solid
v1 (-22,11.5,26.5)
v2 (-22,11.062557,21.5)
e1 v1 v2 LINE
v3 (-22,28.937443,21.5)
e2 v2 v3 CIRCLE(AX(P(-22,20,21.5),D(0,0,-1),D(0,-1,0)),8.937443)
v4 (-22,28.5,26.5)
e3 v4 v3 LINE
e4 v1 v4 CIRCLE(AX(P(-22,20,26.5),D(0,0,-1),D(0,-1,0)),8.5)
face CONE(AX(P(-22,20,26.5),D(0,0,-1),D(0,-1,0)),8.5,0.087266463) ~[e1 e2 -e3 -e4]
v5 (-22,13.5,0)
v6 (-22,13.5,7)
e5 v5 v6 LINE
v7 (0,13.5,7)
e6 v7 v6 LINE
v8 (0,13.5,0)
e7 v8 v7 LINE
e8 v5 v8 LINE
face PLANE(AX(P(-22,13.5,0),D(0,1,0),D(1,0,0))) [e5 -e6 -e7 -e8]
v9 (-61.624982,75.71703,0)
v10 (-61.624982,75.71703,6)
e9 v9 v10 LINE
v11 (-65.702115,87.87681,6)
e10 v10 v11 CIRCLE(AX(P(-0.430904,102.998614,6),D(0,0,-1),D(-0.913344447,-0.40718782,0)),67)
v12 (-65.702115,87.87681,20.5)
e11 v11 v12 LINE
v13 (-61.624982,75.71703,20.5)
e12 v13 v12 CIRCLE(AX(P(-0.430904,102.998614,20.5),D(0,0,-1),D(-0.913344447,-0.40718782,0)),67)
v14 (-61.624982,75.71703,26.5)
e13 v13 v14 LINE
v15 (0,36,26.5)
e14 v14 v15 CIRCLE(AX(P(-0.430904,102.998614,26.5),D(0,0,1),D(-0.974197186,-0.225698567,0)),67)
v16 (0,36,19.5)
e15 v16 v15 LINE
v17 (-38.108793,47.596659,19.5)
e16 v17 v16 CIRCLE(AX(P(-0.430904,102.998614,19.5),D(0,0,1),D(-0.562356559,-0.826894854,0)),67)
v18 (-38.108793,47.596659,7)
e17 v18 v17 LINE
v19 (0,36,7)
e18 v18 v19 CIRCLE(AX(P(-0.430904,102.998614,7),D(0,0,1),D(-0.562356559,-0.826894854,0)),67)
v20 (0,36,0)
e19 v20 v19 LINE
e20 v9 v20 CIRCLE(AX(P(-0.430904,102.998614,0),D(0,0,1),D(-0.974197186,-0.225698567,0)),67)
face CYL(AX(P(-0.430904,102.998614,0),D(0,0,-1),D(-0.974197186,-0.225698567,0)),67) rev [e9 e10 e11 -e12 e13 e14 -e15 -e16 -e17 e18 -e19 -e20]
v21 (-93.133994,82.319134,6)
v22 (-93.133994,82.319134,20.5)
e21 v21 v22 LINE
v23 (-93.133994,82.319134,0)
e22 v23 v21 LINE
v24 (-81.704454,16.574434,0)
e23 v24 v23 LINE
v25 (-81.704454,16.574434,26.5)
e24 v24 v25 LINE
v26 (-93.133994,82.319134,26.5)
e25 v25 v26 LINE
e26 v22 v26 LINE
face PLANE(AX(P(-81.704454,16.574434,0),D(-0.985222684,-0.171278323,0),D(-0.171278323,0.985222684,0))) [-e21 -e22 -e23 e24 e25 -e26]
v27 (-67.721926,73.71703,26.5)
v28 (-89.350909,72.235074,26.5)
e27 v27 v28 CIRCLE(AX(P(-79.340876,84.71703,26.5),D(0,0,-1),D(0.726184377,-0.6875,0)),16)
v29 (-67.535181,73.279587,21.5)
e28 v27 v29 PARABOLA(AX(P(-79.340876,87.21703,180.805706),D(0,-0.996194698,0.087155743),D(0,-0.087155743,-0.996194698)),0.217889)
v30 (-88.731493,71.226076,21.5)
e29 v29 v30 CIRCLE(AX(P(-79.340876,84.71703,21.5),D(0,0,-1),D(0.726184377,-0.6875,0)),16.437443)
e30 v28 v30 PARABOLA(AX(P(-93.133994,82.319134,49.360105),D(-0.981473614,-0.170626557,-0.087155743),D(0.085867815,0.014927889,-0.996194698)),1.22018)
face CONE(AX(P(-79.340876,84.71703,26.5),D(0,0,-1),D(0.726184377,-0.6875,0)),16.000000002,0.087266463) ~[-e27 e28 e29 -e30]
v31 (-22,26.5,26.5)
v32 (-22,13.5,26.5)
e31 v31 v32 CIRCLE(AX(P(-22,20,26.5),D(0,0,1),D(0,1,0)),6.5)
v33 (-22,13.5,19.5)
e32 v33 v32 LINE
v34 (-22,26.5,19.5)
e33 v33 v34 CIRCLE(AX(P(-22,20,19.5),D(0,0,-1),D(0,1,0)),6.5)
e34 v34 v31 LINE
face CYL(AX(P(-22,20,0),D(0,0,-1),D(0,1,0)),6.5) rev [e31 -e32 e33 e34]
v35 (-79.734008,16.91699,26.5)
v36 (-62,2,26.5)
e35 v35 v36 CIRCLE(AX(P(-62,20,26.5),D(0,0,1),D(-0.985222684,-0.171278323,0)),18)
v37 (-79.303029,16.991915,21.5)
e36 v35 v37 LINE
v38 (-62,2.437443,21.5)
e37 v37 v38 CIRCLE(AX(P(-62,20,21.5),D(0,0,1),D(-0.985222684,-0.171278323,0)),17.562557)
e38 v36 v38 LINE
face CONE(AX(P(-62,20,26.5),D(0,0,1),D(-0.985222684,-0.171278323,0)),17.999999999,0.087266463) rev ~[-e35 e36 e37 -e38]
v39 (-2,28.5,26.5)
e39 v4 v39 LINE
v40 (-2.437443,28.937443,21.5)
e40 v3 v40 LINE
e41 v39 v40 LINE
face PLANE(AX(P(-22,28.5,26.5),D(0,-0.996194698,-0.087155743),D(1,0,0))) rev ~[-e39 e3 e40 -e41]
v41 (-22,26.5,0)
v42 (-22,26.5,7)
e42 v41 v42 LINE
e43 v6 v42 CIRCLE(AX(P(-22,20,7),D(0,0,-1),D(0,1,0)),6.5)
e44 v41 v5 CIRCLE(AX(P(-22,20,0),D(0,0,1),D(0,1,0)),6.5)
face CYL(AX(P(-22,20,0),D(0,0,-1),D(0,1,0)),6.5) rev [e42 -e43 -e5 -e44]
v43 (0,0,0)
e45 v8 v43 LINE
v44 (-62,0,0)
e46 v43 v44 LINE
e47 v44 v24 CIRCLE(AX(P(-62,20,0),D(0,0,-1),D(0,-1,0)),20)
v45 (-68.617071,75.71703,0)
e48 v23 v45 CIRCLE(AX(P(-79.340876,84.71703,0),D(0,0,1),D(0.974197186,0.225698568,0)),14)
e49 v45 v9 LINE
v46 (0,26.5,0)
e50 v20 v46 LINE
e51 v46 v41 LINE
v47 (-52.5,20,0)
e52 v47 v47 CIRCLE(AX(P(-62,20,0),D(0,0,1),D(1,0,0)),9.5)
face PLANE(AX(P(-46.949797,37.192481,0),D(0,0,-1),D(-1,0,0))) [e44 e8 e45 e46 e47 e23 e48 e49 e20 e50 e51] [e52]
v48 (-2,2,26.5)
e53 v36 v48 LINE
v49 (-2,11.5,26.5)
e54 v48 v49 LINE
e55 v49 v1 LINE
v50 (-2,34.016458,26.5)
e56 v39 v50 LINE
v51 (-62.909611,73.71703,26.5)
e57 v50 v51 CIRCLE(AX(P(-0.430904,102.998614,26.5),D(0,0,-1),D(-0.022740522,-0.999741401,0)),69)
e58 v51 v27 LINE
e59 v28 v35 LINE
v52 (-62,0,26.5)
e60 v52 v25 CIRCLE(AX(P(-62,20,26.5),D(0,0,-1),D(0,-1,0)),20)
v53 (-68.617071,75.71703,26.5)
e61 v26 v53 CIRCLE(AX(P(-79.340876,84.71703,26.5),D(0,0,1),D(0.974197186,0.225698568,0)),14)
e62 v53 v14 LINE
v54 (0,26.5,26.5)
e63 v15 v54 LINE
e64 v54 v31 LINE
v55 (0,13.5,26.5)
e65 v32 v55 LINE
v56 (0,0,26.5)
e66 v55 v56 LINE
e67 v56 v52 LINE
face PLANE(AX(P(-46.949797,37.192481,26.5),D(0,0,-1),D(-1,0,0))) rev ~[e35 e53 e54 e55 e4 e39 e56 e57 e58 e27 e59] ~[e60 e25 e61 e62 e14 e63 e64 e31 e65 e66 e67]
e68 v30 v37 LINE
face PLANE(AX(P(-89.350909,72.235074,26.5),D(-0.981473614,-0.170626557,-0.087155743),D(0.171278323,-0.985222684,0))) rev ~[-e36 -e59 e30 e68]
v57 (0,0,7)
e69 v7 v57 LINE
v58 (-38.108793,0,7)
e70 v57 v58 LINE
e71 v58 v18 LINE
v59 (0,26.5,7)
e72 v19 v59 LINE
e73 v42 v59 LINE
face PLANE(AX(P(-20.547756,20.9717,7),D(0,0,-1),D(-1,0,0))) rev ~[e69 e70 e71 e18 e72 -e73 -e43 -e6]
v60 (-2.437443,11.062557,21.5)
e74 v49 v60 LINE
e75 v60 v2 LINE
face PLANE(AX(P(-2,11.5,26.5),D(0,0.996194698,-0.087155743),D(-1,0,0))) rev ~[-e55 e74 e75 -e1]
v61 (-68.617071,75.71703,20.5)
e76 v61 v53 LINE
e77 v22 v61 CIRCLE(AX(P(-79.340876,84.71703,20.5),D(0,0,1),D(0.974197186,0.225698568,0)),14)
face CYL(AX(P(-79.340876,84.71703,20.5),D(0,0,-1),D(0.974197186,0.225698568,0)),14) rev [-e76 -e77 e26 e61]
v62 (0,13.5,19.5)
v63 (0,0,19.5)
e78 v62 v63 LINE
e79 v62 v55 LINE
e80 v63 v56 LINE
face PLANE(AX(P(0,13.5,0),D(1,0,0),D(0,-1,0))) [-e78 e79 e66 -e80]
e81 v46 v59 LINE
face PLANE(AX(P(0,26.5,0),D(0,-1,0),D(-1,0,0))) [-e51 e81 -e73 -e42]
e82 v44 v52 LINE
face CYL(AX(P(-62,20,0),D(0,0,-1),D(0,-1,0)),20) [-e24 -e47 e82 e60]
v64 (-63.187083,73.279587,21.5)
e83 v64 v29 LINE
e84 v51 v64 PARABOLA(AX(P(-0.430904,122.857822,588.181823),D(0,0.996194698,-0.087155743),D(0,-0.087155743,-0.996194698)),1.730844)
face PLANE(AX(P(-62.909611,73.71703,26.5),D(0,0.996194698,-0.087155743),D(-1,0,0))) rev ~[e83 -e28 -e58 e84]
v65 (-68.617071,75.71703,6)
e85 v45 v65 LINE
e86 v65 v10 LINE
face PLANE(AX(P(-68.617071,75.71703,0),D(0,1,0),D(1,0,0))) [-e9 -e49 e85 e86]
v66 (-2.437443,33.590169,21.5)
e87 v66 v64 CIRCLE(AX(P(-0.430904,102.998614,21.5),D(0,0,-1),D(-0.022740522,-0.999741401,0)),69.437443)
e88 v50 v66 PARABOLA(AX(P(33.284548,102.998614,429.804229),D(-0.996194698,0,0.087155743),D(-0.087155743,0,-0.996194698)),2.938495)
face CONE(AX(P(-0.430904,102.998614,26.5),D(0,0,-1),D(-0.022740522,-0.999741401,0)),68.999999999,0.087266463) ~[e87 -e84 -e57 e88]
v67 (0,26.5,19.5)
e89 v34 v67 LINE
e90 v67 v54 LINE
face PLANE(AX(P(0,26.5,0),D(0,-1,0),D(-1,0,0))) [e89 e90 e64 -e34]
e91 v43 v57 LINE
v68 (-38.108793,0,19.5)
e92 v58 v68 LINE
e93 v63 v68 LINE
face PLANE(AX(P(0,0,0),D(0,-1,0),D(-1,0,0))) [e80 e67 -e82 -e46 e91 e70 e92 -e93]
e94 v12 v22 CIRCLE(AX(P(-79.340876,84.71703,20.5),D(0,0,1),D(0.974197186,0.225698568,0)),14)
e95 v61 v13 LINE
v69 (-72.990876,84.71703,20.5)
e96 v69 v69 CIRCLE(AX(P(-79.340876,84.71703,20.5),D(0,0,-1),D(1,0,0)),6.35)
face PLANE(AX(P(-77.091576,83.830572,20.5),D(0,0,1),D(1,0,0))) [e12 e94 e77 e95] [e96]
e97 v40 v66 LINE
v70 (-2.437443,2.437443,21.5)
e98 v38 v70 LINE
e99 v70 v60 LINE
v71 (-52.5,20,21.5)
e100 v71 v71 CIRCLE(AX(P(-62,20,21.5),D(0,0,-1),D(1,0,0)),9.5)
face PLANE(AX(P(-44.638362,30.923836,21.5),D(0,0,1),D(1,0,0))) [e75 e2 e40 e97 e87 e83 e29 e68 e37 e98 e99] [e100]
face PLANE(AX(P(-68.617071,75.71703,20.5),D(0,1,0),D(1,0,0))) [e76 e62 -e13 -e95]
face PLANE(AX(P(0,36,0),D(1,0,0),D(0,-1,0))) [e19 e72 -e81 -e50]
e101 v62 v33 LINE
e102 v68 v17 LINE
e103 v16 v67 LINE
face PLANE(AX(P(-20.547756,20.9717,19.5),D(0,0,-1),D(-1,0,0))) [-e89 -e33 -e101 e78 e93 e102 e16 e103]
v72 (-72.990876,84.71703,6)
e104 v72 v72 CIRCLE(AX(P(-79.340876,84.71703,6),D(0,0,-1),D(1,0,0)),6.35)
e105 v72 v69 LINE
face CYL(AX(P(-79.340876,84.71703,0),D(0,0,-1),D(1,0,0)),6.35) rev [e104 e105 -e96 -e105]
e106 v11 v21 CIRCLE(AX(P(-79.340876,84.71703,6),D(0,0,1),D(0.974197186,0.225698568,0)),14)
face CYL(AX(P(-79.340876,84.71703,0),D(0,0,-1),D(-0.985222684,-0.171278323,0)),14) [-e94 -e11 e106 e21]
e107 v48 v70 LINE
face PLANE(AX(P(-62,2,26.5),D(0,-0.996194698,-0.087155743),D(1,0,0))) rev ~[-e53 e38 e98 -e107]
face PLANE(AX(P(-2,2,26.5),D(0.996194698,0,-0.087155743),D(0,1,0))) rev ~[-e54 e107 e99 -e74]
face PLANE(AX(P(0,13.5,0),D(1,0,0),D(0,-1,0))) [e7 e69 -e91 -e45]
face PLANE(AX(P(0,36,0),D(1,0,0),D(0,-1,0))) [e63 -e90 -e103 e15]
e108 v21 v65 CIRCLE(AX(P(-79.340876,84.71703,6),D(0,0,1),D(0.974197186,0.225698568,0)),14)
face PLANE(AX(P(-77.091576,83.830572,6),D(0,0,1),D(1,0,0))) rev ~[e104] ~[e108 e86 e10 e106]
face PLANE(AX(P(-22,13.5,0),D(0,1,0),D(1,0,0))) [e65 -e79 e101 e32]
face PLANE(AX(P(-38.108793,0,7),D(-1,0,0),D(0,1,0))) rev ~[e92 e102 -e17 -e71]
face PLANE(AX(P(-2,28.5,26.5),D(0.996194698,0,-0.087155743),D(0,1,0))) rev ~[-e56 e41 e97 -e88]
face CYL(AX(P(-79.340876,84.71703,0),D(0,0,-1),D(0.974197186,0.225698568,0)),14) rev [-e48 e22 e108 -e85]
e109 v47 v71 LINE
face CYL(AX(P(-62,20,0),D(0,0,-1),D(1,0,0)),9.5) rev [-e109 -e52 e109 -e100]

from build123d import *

# Parameters (mm, degrees)
SKETCH2_R               = 6.35
SKETCH2_R_2             = 9.5
BOSS_EXTRUDE2_DEPTH     = 26.5
CUT_EXTRUDE1_START      = -6
CUT_EXTRUDE1_DEPTH      = 6
CUT_EXTRUDE2_DEPTH      = 6
CUT_EXTRUDE3_DEPTH      = 6.25
CUT_EXTRUDE3_DEPTH_BACK = 6.25
CUT_EXTRUDE7_DEPTH      = 5
CUT_EXTRUDE7_DRAFT      = -5


with BuildPart() as part:
    # Sketch2 → Boss-Extrude2 (new body)
    with BuildSketch(Plane.XY):
        with BuildLine():
            Line((0, 0), (-62, 0))
            ThreePointArc((-62, 0), (-74.874173195, 4.694587084), (-81.704453671, 16.574433546))
            Line((-81.704453671, 16.574433546), (-93.133993592, 82.319133844))
            ThreePointArc((-93.133993592, 82.319133844), (-82.120785811, 98.438258498), (-65.702115422, 87.876810306))
            ThreePointArc((-65.702115422, 87.876810306), (-41.950384105, 50.414084566), (0, 36))
            Line((0, 36), (0, 26.5))
            Line((0, 26.5), (-22, 26.5))
            ThreePointArc((-22, 26.5), (-28.5, 20), (-22, 13.5))
            Line((-22, 13.5), (0, 13.5))
            Line((0, 13.5), (0, 0))
        make_face()
        with Locations((-79.340876022, 84.717030361)):
            Circle(SKETCH2_R, mode=Mode.SUBTRACT)
        with Locations((-62, 20)):
            Circle(SKETCH2_R_2, mode=Mode.SUBTRACT)
    extrude(amount=BOSS_EXTRUDE2_DEPTH)

    # Sketch3 → Cut-Extrude1 (cut)
    with BuildSketch(Plane.XY.offset(26.5).offset(CUT_EXTRUDE1_START)):
        with BuildLine():
            Line((-68.617070727, 75.717030361), (-61.624981931, 75.717030361))
            ThreePointArc((-61.624981931, 75.717030361), (-63.955170346, 81.699140564), (-65.702115422, 87.876810306))
            ThreePointArc((-65.702115422, 87.876810306), (-92.955159562, 87.980660806), (-68.617070727, 75.717030361))
        make_face()
    extrude(amount=CUT_EXTRUDE1_DEPTH, mode=Mode.SUBTRACT)

    # Sketch4 → Cut-Extrude2 (cut)
    with BuildSketch(Plane(origin=(0, 0, 0), x_dir=(-1, 0, 0), z_dir=(0, 0, -1))):
        with BuildLine():
            Line((68.617070727, 75.717030361), (61.624981931, 75.717030361))
            ThreePointArc((61.624981931, 75.717030361), (63.955170346, 81.699140564), (65.702115422, 87.876810306))
            ThreePointArc((65.702115422, 87.876810306), (92.955159562, 87.980660806), (68.617070727, 75.717030361))
        make_face()
    extrude(amount=-CUT_EXTRUDE2_DEPTH, mode=Mode.SUBTRACT)

    # Sketch6 → Cut-Extrude3 (cut, two sides: drawn at the far end of the back side and taken through both)
    with BuildSketch(Plane.XY.offset(13.25).offset(-CUT_EXTRUDE3_DEPTH_BACK)):
        with BuildLine():
            Line((0, 0), (-38.108793453, 0))
            Line((-38.108793453, 0), (-38.108793453, 47.596659083))
            ThreePointArc((-38.108793453, 47.596659083), (-19.936162439, 38.900682282), (0, 36))
            Line((0, 36), (0, 0))
        make_face()
    extrude(amount=CUT_EXTRUDE3_DEPTH + CUT_EXTRUDE3_DEPTH_BACK, mode=Mode.SUBTRACT)


with BuildPart() as cut_extrude7_tool:
    # Sketch7 → Cut-Extrude7 (with draft: the straight prism first)
    with BuildSketch(Plane.XY.offset(26.5)):
        with BuildLine():
            Line((-89.350908837, 72.235073662), (-79.734008304, 16.916990192))
            ThreePointArc((-79.734008304, 16.916990192), (-73.586755876, 6.225128375), (-62, 2))
            Line((-62, 2), (-2, 2))
            Line((-2, 2), (-2, 11.5))
            Line((-2, 11.5), (-22, 11.5))
            ThreePointArc((-22, 11.5), (-30.5, 20), (-22, 28.5))
            Line((-22, 28.5), (-2, 28.5))
            Line((-2, 28.5), (-2, 34.016457666))
            ThreePointArc((-2, 34.016457666), (-38.108007625, 45.193460051), (-62.909611076, 73.717030361))
            Line((-62.909611076, 73.717030361), (-67.721925983, 73.717030361))
            ThreePointArc((-67.721925983, 73.717030361), (-78.247165561, 68.754455462), (-89.350908837, 72.235073662))
        make_face()
    extrude(amount=-CUT_EXTRUDE7_DEPTH)
    # Cut-Extrude7: the draft: its side faces are tilted about the plane it starts from
    cut_extrude7_sides = [cut_extrude7_tool.faces().sort_by_distance(p)[0] for p in [
        (-38.108007625, 45.193460051, 24),
        (-65.31576853, 73.717030361, 24),
        (-78.247165561, 68.754455462, 24),
        (-84.542458571, 44.576031927, 24),
        (-73.586755876, 6.225128375, 24),
        (-32, 2, 24),
        (-2, 6.75, 24),
        (-12, 11.5, 24),
        (-30.5, 20, 24),
        (-12, 28.5, 24),
        (-2, 31.258228833, 24),
    ]]
    draft(cut_extrude7_sides, Plane.XY.offset(26.5), CUT_EXTRUDE7_DRAFT)


with BuildPart() as part_1:
    add(part.part)

    # Cut-Extrude7: cut by cut_extrude7_tool
    add(cut_extrude7_tool.part, mode=Mode.SUBTRACT)


solid = part_1.part
